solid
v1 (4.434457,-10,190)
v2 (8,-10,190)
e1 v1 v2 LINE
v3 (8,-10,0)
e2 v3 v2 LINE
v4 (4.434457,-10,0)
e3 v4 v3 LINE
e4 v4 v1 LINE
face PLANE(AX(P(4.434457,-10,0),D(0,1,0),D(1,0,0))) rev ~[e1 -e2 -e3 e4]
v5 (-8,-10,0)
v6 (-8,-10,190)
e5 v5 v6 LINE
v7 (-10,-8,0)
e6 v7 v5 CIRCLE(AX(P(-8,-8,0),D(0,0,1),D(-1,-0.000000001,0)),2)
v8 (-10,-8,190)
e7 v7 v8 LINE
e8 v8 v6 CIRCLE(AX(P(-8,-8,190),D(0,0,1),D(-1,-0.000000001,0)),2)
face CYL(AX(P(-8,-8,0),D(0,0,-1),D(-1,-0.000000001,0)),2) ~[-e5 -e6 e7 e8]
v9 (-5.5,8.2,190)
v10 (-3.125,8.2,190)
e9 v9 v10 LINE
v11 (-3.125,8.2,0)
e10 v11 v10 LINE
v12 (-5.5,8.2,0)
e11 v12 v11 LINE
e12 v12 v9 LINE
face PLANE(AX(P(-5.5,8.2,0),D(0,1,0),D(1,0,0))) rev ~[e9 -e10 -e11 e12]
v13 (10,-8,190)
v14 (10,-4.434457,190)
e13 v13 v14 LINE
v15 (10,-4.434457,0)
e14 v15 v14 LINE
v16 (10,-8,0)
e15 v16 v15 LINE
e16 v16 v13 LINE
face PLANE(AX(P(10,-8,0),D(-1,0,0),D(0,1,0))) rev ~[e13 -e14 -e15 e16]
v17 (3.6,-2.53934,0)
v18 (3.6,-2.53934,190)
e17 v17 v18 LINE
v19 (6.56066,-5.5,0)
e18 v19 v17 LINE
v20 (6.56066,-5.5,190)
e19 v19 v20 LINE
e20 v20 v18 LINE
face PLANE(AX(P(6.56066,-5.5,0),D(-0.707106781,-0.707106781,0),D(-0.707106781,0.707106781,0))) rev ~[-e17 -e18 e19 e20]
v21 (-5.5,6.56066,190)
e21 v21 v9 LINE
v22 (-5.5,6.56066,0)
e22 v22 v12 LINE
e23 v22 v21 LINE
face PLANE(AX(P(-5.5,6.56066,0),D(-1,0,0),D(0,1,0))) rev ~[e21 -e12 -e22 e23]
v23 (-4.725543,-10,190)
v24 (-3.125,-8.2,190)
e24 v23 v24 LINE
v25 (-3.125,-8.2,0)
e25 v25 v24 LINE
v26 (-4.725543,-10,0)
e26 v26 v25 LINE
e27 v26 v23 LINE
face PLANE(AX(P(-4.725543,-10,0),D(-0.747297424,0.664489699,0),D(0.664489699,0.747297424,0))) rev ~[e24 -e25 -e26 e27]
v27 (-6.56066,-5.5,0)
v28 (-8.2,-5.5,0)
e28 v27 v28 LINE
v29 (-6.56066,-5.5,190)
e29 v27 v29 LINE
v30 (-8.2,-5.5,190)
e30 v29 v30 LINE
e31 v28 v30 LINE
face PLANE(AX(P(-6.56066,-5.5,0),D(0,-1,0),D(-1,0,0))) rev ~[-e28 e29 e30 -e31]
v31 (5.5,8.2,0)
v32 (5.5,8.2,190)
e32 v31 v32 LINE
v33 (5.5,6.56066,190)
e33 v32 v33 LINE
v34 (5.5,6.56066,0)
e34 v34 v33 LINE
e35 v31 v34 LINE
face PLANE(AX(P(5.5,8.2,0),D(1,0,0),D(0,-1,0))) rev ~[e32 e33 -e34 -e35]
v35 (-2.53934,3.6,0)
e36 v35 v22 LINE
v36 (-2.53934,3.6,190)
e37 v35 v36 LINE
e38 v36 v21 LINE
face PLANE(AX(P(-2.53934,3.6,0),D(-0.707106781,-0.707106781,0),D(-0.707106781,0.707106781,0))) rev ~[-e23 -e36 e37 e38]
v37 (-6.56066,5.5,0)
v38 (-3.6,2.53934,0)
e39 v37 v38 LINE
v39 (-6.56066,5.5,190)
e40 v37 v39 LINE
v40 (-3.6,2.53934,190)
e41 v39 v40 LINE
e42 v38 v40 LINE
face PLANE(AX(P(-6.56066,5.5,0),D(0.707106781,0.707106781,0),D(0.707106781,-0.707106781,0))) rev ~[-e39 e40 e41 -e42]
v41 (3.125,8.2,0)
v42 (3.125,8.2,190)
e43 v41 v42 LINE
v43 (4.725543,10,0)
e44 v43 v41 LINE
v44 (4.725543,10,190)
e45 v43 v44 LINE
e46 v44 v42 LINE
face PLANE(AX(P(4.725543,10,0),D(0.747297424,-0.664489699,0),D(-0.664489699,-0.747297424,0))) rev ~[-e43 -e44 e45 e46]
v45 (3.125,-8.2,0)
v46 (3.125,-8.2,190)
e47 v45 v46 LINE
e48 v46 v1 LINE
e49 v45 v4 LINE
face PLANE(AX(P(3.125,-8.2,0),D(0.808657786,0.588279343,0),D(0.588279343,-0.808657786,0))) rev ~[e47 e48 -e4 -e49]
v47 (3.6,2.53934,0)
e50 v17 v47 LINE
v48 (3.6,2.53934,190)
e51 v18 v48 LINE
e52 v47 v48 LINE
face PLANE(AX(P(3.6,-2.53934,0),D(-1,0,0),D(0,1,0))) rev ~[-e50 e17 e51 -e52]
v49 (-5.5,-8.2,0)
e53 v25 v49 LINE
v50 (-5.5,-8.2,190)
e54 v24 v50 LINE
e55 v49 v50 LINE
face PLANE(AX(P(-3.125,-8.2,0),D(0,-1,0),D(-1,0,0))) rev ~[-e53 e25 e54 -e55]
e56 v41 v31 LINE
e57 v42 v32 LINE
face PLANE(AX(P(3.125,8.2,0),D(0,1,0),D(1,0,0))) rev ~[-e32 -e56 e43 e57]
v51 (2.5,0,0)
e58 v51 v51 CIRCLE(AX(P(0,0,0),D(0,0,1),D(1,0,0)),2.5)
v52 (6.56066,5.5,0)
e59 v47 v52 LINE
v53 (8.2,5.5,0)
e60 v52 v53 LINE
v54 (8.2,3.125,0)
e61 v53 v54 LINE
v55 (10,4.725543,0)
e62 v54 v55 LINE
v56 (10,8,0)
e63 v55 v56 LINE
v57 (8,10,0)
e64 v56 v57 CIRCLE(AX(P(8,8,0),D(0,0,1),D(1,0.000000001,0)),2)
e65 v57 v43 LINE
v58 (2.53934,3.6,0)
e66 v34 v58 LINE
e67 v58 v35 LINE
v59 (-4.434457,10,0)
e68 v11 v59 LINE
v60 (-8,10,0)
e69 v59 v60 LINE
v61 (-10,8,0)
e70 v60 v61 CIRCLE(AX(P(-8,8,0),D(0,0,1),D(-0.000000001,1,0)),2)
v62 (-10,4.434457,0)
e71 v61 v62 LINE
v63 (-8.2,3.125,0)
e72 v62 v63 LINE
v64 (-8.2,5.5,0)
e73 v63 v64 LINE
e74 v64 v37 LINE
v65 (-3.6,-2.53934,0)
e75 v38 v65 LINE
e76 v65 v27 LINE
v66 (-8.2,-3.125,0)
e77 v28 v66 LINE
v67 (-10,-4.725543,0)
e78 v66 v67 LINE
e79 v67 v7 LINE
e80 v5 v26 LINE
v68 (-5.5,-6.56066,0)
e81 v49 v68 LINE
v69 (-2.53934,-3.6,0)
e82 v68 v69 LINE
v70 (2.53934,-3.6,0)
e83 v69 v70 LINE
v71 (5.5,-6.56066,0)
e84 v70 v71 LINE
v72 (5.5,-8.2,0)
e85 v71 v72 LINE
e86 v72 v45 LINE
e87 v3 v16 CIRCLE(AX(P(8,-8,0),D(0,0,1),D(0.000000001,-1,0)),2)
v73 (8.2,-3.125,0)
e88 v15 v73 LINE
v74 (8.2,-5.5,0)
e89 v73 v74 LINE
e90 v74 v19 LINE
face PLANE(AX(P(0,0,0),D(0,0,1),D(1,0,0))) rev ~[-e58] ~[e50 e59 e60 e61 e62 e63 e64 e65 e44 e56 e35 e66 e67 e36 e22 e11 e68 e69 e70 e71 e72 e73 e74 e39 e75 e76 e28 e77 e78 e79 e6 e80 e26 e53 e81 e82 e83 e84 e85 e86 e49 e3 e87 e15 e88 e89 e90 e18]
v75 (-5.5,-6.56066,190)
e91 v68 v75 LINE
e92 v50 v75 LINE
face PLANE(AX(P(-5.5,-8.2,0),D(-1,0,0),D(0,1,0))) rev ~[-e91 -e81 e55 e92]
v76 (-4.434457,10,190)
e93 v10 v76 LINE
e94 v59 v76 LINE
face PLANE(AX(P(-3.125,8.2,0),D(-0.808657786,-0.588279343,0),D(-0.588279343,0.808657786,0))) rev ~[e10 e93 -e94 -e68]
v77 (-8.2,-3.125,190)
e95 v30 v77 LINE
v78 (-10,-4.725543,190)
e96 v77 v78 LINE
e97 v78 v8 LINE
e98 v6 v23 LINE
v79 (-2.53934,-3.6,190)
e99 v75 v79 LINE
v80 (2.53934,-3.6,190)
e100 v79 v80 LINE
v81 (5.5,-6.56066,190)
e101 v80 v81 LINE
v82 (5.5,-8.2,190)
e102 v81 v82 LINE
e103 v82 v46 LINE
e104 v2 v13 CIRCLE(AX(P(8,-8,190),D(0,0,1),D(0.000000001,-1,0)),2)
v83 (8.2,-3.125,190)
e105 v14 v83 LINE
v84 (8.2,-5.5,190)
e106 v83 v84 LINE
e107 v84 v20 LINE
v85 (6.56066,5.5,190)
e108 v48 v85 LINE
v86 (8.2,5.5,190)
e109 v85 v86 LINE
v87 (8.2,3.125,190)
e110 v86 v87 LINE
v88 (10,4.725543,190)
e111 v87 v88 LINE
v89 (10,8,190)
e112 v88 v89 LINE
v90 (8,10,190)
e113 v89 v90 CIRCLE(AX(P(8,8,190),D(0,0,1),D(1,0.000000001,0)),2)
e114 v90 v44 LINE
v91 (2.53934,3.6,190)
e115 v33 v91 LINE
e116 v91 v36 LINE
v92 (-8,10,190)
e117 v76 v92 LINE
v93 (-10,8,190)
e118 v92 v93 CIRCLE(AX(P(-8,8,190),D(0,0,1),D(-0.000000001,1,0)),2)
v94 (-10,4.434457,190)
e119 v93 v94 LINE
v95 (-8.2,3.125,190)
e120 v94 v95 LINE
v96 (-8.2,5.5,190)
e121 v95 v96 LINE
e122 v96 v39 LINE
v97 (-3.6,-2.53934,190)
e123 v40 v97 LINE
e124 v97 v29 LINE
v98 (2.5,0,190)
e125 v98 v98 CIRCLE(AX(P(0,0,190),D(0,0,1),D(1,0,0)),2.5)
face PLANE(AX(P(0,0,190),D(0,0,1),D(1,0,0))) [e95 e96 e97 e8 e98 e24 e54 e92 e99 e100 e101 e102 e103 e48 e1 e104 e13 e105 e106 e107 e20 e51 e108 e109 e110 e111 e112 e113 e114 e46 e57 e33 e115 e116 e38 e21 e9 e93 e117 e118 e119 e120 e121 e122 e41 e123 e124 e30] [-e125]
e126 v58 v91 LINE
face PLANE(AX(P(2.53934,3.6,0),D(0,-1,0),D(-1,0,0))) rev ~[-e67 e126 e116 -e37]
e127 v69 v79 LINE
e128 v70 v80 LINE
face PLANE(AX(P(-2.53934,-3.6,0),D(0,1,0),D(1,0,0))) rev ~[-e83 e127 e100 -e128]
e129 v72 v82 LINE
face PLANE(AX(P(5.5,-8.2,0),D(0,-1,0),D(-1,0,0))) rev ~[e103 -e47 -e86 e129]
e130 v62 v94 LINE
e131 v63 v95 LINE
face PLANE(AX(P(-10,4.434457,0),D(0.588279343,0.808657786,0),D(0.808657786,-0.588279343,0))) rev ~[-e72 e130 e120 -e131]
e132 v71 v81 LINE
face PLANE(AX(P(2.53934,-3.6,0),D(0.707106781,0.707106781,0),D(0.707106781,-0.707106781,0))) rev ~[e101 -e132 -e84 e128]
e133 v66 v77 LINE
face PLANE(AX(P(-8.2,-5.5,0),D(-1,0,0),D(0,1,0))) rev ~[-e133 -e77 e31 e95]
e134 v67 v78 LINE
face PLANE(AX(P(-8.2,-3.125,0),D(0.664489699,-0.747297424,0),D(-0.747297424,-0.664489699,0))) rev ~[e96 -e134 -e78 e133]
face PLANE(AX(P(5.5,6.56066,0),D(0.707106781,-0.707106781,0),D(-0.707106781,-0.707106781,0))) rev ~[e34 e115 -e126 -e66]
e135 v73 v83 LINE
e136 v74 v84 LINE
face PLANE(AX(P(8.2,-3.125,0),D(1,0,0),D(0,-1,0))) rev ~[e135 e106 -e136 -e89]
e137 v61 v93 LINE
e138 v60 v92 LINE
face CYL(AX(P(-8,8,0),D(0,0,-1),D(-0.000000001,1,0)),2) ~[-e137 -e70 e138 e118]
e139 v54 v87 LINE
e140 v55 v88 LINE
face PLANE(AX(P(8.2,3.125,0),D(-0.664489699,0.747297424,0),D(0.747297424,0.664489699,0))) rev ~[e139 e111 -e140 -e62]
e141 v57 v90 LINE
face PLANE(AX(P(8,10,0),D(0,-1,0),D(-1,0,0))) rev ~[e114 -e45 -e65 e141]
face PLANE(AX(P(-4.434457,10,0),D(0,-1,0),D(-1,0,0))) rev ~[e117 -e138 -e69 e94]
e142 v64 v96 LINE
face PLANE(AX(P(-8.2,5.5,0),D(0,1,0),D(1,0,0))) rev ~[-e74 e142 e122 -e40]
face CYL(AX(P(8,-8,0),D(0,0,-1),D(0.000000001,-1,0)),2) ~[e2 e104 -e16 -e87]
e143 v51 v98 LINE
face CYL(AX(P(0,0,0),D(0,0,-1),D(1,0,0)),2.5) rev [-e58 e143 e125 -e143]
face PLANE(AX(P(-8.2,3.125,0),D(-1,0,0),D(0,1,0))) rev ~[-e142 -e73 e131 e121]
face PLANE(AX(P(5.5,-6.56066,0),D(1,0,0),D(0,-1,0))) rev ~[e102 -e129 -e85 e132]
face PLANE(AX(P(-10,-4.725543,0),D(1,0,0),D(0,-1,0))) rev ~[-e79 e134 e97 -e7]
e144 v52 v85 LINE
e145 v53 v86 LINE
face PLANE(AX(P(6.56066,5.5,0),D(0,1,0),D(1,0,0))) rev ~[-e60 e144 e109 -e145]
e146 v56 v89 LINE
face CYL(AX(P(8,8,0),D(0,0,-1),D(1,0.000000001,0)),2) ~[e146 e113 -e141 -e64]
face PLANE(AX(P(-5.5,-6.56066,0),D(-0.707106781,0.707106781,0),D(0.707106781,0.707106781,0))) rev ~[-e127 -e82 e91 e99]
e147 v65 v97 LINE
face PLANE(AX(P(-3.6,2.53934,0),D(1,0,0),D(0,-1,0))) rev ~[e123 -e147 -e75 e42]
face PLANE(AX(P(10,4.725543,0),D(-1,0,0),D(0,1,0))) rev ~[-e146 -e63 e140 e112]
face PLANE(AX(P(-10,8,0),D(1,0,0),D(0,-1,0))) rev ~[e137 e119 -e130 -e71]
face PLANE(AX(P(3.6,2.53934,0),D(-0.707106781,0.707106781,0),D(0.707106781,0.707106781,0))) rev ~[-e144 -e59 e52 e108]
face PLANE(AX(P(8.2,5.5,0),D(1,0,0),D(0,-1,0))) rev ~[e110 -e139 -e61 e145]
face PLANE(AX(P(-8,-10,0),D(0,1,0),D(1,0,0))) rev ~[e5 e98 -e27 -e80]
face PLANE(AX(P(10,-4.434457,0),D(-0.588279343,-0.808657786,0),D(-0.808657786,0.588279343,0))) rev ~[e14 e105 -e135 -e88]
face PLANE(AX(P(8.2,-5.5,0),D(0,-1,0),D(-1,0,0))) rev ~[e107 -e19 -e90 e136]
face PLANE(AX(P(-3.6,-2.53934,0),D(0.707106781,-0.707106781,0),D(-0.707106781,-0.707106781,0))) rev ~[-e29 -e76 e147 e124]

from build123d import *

# Parameters (mm, degrees)
SKETCH1_R           = 2.5
BOSS_EXTRUDE1_DEPTH = 190


with BuildPart() as part:
    # Sketch1 → Boss-Extrude1 (new body)
    with BuildSketch(Plane.XY):
        with BuildLine():
            Line((-4.725542729, -10), (-3.125, -8.2))
            Line((-3.125, -8.2), (-5.5, -8.2))
            Line((-5.5, -8.2), (-5.5, -6.560660172))
            Line((-5.5, -6.560660172), (-2.539339828, -3.6))
            Line((-2.539339828, -3.6), (2.539339828, -3.6))
            Line((2.539339828, -3.6), (5.5, -6.560660172))
            Line((5.5, -6.560660172), (5.5, -8.2))
            Line((5.5, -8.2), (3.125, -8.2))
            Line((3.125, -8.2), (4.434457271, -10))
            Line((4.434457271, -10), (8, -10))
            ThreePointArc((8, -10), (9.414213562, -9.414213562), (10, -8))
            Line((10, -8), (10, -4.434457271))
            Line((10, -4.434457271), (8.2, -3.125))
            Line((8.2, -3.125), (8.2, -5.5))
            Line((8.2, -5.5), (6.560660172, -5.5))
            Line((6.560660172, -5.5), (3.6, -2.539339828))
            Line((3.6, -2.539339828), (3.6, 2.539339828))
            Line((3.6, 2.539339828), (6.560660172, 5.5))
            Line((6.560660172, 5.5), (8.2, 5.5))
            Line((8.2, 5.5), (8.2, 3.125))
            Line((8.2, 3.125), (10, 4.725542729))
            Line((10, 4.725542729), (10, 8))
            ThreePointArc((10, 8), (9.414213562, 9.414213562), (8, 10))
            Line((8, 10), (4.725542729, 10))
            Line((4.725542729, 10), (3.125, 8.2))
            Line((3.125, 8.2), (5.5, 8.2))
            Line((5.5, 8.2), (5.5, 6.560660172))
            Line((5.5, 6.560660172), (2.539339828, 3.6))
            Line((2.539339828, 3.6), (-2.539339828, 3.6))
            Line((-2.539339828, 3.6), (-5.5, 6.560660172))
            Line((-5.5, 6.560660172), (-5.5, 8.2))
            Line((-5.5, 8.2), (-3.125, 8.2))
            Line((-3.125, 8.2), (-4.434457271, 10))
            Line((-4.434457271, 10), (-8, 10))
            ThreePointArc((-8, 10), (-9.414213562, 9.414213562), (-10, 8))
            Line((-10, 8), (-10, 4.434457271))
            Line((-10, 4.434457271), (-8.2, 3.125))
            Line((-8.2, 3.125), (-8.2, 5.5))
            Line((-8.2, 5.5), (-6.560660172, 5.5))
            Line((-6.560660172, 5.5), (-3.6, 2.539339828))
            Line((-3.6, 2.539339828), (-3.6, -2.539339828))
            Line((-3.6, -2.539339828), (-6.560660172, -5.5))
            Line((-6.560660172, -5.5), (-8.2, -5.5))
            Line((-8.2, -5.5), (-8.2, -3.125))
            Line((-8.2, -3.125), (-10, -4.725542729))
            Line((-10, -4.725542729), (-10, -8))
            ThreePointArc((-10, -8), (-9.414213562, -9.414213562), (-8, -10))
            Line((-8, -10), (-4.725542729, -10))
        make_face()
        Circle(SKETCH1_R, mode=Mode.SUBTRACT)
    extrude(amount=BOSS_EXTRUDE1_DEPTH)


solid = part.part
